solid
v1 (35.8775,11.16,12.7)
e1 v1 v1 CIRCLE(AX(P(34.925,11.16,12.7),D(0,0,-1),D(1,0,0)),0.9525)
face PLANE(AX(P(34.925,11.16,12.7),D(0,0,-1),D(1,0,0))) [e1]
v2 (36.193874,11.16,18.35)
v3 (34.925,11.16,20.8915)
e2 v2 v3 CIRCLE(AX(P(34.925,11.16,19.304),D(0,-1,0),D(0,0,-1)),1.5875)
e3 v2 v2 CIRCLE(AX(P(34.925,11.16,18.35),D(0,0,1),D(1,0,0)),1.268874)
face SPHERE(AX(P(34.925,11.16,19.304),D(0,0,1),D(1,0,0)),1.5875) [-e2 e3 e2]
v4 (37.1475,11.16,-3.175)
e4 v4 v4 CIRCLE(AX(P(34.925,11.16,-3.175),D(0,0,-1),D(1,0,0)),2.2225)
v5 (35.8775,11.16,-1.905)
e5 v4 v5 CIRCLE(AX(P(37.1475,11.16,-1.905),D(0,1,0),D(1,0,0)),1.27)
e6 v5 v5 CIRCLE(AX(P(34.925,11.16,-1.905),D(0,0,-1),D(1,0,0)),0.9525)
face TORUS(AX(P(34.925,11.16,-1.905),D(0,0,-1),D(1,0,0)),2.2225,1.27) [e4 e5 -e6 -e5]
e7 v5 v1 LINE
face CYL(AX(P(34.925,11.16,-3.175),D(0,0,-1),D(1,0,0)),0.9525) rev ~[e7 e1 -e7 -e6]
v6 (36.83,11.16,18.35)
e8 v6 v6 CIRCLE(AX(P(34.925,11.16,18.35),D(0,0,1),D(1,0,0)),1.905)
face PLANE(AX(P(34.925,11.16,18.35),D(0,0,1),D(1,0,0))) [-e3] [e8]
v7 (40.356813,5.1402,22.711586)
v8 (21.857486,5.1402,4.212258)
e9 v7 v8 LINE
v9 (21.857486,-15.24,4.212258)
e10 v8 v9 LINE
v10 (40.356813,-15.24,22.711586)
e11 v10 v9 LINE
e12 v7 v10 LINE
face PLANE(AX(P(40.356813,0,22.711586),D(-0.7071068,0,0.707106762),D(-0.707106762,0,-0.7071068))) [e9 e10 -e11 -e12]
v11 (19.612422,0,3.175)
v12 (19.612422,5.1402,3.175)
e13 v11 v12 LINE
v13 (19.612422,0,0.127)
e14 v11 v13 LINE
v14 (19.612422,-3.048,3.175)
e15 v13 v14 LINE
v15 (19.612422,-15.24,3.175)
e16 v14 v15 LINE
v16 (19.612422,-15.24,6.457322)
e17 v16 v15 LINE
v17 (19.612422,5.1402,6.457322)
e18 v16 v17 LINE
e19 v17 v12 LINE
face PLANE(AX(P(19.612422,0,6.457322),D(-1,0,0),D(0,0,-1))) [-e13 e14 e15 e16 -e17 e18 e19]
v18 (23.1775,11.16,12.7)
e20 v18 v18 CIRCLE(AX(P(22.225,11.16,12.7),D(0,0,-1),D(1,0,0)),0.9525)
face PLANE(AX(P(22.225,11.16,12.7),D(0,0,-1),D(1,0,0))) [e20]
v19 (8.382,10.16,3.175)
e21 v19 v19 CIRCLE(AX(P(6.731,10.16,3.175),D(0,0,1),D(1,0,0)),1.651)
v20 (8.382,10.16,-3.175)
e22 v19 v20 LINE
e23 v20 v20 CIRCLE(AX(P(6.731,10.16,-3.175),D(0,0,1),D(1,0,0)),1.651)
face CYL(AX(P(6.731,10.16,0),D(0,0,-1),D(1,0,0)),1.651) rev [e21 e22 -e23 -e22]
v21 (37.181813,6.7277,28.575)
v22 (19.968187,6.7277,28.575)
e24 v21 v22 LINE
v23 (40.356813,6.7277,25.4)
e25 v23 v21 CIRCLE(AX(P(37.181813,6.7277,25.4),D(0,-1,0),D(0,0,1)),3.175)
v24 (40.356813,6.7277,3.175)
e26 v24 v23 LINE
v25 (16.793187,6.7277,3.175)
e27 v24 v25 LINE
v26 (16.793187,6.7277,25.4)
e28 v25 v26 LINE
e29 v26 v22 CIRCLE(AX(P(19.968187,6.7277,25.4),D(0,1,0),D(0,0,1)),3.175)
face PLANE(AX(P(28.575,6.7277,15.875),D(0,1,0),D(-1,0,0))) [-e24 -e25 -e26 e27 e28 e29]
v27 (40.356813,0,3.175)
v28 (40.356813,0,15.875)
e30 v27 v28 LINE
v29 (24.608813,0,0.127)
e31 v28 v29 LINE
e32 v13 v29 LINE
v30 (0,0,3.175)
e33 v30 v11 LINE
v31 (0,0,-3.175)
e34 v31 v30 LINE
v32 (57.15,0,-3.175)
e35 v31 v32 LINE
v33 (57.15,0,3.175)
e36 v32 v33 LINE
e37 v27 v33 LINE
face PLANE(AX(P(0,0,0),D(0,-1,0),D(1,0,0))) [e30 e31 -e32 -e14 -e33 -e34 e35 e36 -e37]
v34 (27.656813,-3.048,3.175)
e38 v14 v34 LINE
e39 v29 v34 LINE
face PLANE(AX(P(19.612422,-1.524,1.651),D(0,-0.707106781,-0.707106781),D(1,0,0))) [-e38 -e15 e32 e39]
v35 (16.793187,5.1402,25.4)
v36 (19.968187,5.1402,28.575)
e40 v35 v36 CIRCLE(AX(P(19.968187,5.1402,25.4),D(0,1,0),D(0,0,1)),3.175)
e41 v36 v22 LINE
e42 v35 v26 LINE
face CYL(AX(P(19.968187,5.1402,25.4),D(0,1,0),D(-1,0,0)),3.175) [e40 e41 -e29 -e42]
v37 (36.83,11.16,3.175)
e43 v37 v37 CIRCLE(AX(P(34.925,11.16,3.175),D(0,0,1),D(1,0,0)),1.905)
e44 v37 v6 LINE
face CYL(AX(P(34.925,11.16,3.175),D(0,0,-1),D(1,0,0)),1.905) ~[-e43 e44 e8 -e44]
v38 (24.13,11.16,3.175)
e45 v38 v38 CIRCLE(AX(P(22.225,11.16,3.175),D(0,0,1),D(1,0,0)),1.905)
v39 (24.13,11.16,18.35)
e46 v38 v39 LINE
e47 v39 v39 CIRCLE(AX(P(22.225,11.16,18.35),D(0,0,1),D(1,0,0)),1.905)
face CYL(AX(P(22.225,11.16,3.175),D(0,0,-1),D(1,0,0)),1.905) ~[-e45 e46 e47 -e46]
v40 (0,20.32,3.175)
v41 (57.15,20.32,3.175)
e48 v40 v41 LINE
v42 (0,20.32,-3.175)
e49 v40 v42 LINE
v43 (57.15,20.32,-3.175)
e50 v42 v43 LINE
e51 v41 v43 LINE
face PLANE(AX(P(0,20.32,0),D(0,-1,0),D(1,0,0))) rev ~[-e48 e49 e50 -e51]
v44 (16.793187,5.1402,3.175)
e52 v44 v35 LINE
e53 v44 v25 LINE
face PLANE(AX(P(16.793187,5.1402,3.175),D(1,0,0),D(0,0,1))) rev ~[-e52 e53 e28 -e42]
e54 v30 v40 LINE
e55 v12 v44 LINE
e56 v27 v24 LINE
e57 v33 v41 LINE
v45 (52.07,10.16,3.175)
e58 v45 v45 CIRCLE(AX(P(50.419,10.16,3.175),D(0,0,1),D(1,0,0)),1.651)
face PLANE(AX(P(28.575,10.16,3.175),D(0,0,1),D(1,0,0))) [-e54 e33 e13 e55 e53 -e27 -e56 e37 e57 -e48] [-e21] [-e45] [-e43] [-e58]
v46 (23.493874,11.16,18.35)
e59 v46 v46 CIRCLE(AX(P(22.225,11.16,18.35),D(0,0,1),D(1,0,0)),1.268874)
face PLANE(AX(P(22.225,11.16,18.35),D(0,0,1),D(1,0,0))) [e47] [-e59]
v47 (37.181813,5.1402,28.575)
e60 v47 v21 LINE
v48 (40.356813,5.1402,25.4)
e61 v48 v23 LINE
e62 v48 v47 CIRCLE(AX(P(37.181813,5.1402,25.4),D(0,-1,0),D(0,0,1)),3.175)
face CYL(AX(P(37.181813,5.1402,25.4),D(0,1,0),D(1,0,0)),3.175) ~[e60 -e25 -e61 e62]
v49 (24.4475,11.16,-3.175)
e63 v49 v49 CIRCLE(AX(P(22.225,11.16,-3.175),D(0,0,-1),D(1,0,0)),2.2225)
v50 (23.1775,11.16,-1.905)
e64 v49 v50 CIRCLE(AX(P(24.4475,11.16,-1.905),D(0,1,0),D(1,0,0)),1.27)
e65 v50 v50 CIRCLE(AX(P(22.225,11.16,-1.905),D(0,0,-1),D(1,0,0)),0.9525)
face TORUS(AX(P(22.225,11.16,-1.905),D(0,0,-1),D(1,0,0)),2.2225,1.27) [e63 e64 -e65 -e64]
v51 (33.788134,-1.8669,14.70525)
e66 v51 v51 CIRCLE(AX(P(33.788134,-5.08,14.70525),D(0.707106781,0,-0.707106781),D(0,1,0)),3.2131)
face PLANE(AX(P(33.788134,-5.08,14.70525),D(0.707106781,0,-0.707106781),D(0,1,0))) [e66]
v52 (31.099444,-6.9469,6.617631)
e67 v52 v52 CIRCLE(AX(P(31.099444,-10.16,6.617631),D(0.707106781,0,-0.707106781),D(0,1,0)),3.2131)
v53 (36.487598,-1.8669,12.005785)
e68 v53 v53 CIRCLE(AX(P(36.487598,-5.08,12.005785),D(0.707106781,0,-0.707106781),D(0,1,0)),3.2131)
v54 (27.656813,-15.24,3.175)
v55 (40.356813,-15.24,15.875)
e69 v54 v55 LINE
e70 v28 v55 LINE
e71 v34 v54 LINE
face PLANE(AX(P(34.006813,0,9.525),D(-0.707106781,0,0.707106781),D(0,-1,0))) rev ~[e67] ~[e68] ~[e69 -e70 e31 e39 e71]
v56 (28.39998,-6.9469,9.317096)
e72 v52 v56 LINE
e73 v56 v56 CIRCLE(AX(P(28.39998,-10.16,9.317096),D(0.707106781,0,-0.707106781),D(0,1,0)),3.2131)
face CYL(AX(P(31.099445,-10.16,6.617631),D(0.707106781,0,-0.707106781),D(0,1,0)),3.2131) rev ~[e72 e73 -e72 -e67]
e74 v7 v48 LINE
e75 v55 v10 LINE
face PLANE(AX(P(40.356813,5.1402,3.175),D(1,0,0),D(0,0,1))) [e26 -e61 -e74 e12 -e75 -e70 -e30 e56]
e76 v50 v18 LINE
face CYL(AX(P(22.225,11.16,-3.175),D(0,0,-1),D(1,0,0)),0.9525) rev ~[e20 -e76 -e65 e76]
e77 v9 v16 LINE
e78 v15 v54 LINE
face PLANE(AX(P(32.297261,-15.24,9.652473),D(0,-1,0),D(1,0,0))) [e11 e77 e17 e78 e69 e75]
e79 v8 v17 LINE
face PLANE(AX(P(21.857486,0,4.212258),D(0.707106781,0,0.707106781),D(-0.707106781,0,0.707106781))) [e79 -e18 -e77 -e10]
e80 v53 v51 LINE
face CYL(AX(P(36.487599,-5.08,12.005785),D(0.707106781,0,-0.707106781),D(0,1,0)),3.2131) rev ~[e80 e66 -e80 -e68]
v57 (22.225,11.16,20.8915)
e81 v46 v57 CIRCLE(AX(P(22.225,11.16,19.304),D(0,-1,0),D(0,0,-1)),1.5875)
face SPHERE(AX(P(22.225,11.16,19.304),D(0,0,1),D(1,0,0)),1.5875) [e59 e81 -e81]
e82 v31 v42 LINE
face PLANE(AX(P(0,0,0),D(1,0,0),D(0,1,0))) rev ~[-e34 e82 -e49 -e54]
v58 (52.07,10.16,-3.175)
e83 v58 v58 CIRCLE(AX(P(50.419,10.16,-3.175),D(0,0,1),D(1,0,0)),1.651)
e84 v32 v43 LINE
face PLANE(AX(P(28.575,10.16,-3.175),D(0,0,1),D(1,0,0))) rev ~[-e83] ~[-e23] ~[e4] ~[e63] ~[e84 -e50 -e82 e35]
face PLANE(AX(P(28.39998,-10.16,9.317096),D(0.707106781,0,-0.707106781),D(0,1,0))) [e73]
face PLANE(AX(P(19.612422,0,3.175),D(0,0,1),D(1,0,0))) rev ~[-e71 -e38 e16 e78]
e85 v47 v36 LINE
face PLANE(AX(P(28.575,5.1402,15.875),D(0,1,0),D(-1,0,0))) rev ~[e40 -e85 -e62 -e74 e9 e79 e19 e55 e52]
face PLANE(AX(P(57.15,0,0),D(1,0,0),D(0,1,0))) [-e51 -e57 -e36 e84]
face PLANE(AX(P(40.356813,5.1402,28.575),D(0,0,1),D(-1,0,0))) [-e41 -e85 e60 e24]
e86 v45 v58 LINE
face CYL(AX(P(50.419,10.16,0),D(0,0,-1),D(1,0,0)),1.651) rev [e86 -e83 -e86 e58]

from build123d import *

# Parameters (mm, degrees)
SKETCH_W          = 57.15
SKETCH_H          = 20.32
SKETCH_R          = 1.651
PAD_DEPTH         = 3.175
SKETCH001_R       = 1.905
PAD001_DEPTH      = 15.175
SKETCH002_R       = 0.9525
POCKET_DEPTH      = 15.875
PAD002_DEPTH      = 15.24
PAD002_DEPTH_BACK = 5.1402
FILLET_R          = 1.27
CHAMFER_SIZE      = 12.7
CHAMFER001_SIZE   = 3.048
SKETCH004_R       = 3.2131
POCKET001_DEPTH   = 3.81762
SKETCH005_W       = 23.563626
SKETCH005_H       = 25.4
PAD003_DEPTH      = 1.5875
FILLET001_R       = 3.175


with BuildPart() as ball1:
    # Sphere → Sphere (revolve)
    with BuildSketch(Plane(origin=(34.925, 11.16, 19.304), x_dir=(1, 0, 0), z_dir=(0, -1, 0))):
        with BuildLine():
            ThreePointArc((0, -1.5875), (1.5875, 0), (0, 1.5875))
            Line((0, 1.5875), (0, -1.5875))
        make_face()
    revolve(axis=Axis((34.925, 11.16, 19.304), (0, 0, 1)))


with BuildPart() as ball002:
    # Sphere001 → Sphere001 (revolve)
    with BuildSketch(Plane(origin=(22.225, 11.16, 19.304), x_dir=(1, 0, 0), z_dir=(0, -1, 0))):
        with BuildLine():
            ThreePointArc((0, -1.5875), (1.5875, 0), (0, 1.5875))
            Line((0, 1.5875), (0, -1.5875))
        make_face()
    revolve(axis=Axis((22.225, 11.16, 19.304), (0, 0, 1)))


with BuildPart() as fusion:
    # Sketch → Pad (new body, symmetric)
    with BuildSketch(Plane.XY):
        with Locations((28.575, 10.16)):
            Rectangle(SKETCH_W, SKETCH_H)
        with Locations((6.731, 10.16)):
            Circle(SKETCH_R, mode=Mode.SUBTRACT)
        with Locations((50.419, 10.16)):
            Circle(SKETCH_R, mode=Mode.SUBTRACT)
    extrude(amount=PAD_DEPTH, both=True)

    # Sketch001 (on Face8 of Pad) → Pad001 (join)
    with BuildSketch(Plane.XY.offset(3.175)):
        with Locations((22.225, 11.16)):
            Circle(SKETCH001_R)
        with Locations((34.925, 11.16)):
            Circle(SKETCH001_R)
    extrude(amount=PAD001_DEPTH)

    # Sketch002 (on Face4 of Pad001) → Pocket (cut)
    with BuildSketch(Plane(origin=(0, 0, -3.175), x_dir=(1, 0, 0), z_dir=(0, 0, -1))):
        with Locations((22.225, -11.16)):
            Circle(SKETCH002_R)
        with Locations((34.925, -11.16)):
            Circle(SKETCH002_R)
    extrude(amount=-POCKET_DEPTH, mode=Mode.SUBTRACT)

    # Sketch003 (on Face6 of Pocket) → Pad002 (join, two sides)
    with BuildSketch(Plane.XZ) as pad002_sk:
        Polygon((40.356813, 3.175), (40.356813, 22.711586), (21.857486, 4.212258), (19.612422, 6.457322), (19.612422, 3.175), align=None)
    extrude(amount=PAD002_DEPTH)
    extrude(pad002_sk.sketch, amount=-PAD002_DEPTH_BACK)

    # Fillet
    fillet_edges = [fusion.edges().sort_by_distance(p)[0] for p in [
        (33.9725, 11.16, -3.175),
        (21.2725, 11.16, -3.175),
    ]]
    fillet(fillet_edges, radius=FILLET_R)

    # Chamfer
    chamfer_edges = [fusion.edges().sort_by_distance(p)[0] for p in [
        (40.356813, -7.62, 3.175),
    ]]
    chamfer(chamfer_edges, length=CHAMFER_SIZE)

    # Chamfer001
    chamfer001_edges = [fusion.edges().sort_by_distance(p)[0] for p in [
        (23.634617, 0, 3.175),
    ]]
    chamfer(chamfer001_edges, length=CHAMFER001_SIZE)

    # Sketch004 (on Face2 of Chamfer001) → Pocket001 (cut)
    with BuildSketch(Plane(origin=(12.240907, 0, -12.240907), x_dir=(0, 1, 0), z_dir=(0.707107, 0, -0.707107))):
        with Locations((-10.16, 26.67)):
            Circle(SKETCH004_R)
        with Locations((-5.08, 34.29)):
            Circle(SKETCH004_R)
    extrude(amount=-POCKET001_DEPTH, mode=Mode.SUBTRACT)

    # Sketch005 (on Face15 of Pocket001) → Pad003 (join)
    with BuildSketch(Plane(origin=(0, 5.1402, 0), x_dir=(-1, 0, 0), z_dir=(0, 1, 0))):
        with Locations((-28.575, 15.875)):
            Rectangle(SKETCH005_W, SKETCH005_H)
    extrude(amount=PAD003_DEPTH)

    # Fillet001
    fillet001_edges = [fusion.edges().sort_by_distance(p)[0] for p in [
        (40.356813, 5.93395, 28.575),
        (16.793187, 5.93395, 28.575),
    ]]
    fillet(fillet001_edges, radius=FILLET001_R)

    # Fusion: union Ball1, Ball002
    add(ball1.part)
    add(ball002.part)


solid = fusion.part
